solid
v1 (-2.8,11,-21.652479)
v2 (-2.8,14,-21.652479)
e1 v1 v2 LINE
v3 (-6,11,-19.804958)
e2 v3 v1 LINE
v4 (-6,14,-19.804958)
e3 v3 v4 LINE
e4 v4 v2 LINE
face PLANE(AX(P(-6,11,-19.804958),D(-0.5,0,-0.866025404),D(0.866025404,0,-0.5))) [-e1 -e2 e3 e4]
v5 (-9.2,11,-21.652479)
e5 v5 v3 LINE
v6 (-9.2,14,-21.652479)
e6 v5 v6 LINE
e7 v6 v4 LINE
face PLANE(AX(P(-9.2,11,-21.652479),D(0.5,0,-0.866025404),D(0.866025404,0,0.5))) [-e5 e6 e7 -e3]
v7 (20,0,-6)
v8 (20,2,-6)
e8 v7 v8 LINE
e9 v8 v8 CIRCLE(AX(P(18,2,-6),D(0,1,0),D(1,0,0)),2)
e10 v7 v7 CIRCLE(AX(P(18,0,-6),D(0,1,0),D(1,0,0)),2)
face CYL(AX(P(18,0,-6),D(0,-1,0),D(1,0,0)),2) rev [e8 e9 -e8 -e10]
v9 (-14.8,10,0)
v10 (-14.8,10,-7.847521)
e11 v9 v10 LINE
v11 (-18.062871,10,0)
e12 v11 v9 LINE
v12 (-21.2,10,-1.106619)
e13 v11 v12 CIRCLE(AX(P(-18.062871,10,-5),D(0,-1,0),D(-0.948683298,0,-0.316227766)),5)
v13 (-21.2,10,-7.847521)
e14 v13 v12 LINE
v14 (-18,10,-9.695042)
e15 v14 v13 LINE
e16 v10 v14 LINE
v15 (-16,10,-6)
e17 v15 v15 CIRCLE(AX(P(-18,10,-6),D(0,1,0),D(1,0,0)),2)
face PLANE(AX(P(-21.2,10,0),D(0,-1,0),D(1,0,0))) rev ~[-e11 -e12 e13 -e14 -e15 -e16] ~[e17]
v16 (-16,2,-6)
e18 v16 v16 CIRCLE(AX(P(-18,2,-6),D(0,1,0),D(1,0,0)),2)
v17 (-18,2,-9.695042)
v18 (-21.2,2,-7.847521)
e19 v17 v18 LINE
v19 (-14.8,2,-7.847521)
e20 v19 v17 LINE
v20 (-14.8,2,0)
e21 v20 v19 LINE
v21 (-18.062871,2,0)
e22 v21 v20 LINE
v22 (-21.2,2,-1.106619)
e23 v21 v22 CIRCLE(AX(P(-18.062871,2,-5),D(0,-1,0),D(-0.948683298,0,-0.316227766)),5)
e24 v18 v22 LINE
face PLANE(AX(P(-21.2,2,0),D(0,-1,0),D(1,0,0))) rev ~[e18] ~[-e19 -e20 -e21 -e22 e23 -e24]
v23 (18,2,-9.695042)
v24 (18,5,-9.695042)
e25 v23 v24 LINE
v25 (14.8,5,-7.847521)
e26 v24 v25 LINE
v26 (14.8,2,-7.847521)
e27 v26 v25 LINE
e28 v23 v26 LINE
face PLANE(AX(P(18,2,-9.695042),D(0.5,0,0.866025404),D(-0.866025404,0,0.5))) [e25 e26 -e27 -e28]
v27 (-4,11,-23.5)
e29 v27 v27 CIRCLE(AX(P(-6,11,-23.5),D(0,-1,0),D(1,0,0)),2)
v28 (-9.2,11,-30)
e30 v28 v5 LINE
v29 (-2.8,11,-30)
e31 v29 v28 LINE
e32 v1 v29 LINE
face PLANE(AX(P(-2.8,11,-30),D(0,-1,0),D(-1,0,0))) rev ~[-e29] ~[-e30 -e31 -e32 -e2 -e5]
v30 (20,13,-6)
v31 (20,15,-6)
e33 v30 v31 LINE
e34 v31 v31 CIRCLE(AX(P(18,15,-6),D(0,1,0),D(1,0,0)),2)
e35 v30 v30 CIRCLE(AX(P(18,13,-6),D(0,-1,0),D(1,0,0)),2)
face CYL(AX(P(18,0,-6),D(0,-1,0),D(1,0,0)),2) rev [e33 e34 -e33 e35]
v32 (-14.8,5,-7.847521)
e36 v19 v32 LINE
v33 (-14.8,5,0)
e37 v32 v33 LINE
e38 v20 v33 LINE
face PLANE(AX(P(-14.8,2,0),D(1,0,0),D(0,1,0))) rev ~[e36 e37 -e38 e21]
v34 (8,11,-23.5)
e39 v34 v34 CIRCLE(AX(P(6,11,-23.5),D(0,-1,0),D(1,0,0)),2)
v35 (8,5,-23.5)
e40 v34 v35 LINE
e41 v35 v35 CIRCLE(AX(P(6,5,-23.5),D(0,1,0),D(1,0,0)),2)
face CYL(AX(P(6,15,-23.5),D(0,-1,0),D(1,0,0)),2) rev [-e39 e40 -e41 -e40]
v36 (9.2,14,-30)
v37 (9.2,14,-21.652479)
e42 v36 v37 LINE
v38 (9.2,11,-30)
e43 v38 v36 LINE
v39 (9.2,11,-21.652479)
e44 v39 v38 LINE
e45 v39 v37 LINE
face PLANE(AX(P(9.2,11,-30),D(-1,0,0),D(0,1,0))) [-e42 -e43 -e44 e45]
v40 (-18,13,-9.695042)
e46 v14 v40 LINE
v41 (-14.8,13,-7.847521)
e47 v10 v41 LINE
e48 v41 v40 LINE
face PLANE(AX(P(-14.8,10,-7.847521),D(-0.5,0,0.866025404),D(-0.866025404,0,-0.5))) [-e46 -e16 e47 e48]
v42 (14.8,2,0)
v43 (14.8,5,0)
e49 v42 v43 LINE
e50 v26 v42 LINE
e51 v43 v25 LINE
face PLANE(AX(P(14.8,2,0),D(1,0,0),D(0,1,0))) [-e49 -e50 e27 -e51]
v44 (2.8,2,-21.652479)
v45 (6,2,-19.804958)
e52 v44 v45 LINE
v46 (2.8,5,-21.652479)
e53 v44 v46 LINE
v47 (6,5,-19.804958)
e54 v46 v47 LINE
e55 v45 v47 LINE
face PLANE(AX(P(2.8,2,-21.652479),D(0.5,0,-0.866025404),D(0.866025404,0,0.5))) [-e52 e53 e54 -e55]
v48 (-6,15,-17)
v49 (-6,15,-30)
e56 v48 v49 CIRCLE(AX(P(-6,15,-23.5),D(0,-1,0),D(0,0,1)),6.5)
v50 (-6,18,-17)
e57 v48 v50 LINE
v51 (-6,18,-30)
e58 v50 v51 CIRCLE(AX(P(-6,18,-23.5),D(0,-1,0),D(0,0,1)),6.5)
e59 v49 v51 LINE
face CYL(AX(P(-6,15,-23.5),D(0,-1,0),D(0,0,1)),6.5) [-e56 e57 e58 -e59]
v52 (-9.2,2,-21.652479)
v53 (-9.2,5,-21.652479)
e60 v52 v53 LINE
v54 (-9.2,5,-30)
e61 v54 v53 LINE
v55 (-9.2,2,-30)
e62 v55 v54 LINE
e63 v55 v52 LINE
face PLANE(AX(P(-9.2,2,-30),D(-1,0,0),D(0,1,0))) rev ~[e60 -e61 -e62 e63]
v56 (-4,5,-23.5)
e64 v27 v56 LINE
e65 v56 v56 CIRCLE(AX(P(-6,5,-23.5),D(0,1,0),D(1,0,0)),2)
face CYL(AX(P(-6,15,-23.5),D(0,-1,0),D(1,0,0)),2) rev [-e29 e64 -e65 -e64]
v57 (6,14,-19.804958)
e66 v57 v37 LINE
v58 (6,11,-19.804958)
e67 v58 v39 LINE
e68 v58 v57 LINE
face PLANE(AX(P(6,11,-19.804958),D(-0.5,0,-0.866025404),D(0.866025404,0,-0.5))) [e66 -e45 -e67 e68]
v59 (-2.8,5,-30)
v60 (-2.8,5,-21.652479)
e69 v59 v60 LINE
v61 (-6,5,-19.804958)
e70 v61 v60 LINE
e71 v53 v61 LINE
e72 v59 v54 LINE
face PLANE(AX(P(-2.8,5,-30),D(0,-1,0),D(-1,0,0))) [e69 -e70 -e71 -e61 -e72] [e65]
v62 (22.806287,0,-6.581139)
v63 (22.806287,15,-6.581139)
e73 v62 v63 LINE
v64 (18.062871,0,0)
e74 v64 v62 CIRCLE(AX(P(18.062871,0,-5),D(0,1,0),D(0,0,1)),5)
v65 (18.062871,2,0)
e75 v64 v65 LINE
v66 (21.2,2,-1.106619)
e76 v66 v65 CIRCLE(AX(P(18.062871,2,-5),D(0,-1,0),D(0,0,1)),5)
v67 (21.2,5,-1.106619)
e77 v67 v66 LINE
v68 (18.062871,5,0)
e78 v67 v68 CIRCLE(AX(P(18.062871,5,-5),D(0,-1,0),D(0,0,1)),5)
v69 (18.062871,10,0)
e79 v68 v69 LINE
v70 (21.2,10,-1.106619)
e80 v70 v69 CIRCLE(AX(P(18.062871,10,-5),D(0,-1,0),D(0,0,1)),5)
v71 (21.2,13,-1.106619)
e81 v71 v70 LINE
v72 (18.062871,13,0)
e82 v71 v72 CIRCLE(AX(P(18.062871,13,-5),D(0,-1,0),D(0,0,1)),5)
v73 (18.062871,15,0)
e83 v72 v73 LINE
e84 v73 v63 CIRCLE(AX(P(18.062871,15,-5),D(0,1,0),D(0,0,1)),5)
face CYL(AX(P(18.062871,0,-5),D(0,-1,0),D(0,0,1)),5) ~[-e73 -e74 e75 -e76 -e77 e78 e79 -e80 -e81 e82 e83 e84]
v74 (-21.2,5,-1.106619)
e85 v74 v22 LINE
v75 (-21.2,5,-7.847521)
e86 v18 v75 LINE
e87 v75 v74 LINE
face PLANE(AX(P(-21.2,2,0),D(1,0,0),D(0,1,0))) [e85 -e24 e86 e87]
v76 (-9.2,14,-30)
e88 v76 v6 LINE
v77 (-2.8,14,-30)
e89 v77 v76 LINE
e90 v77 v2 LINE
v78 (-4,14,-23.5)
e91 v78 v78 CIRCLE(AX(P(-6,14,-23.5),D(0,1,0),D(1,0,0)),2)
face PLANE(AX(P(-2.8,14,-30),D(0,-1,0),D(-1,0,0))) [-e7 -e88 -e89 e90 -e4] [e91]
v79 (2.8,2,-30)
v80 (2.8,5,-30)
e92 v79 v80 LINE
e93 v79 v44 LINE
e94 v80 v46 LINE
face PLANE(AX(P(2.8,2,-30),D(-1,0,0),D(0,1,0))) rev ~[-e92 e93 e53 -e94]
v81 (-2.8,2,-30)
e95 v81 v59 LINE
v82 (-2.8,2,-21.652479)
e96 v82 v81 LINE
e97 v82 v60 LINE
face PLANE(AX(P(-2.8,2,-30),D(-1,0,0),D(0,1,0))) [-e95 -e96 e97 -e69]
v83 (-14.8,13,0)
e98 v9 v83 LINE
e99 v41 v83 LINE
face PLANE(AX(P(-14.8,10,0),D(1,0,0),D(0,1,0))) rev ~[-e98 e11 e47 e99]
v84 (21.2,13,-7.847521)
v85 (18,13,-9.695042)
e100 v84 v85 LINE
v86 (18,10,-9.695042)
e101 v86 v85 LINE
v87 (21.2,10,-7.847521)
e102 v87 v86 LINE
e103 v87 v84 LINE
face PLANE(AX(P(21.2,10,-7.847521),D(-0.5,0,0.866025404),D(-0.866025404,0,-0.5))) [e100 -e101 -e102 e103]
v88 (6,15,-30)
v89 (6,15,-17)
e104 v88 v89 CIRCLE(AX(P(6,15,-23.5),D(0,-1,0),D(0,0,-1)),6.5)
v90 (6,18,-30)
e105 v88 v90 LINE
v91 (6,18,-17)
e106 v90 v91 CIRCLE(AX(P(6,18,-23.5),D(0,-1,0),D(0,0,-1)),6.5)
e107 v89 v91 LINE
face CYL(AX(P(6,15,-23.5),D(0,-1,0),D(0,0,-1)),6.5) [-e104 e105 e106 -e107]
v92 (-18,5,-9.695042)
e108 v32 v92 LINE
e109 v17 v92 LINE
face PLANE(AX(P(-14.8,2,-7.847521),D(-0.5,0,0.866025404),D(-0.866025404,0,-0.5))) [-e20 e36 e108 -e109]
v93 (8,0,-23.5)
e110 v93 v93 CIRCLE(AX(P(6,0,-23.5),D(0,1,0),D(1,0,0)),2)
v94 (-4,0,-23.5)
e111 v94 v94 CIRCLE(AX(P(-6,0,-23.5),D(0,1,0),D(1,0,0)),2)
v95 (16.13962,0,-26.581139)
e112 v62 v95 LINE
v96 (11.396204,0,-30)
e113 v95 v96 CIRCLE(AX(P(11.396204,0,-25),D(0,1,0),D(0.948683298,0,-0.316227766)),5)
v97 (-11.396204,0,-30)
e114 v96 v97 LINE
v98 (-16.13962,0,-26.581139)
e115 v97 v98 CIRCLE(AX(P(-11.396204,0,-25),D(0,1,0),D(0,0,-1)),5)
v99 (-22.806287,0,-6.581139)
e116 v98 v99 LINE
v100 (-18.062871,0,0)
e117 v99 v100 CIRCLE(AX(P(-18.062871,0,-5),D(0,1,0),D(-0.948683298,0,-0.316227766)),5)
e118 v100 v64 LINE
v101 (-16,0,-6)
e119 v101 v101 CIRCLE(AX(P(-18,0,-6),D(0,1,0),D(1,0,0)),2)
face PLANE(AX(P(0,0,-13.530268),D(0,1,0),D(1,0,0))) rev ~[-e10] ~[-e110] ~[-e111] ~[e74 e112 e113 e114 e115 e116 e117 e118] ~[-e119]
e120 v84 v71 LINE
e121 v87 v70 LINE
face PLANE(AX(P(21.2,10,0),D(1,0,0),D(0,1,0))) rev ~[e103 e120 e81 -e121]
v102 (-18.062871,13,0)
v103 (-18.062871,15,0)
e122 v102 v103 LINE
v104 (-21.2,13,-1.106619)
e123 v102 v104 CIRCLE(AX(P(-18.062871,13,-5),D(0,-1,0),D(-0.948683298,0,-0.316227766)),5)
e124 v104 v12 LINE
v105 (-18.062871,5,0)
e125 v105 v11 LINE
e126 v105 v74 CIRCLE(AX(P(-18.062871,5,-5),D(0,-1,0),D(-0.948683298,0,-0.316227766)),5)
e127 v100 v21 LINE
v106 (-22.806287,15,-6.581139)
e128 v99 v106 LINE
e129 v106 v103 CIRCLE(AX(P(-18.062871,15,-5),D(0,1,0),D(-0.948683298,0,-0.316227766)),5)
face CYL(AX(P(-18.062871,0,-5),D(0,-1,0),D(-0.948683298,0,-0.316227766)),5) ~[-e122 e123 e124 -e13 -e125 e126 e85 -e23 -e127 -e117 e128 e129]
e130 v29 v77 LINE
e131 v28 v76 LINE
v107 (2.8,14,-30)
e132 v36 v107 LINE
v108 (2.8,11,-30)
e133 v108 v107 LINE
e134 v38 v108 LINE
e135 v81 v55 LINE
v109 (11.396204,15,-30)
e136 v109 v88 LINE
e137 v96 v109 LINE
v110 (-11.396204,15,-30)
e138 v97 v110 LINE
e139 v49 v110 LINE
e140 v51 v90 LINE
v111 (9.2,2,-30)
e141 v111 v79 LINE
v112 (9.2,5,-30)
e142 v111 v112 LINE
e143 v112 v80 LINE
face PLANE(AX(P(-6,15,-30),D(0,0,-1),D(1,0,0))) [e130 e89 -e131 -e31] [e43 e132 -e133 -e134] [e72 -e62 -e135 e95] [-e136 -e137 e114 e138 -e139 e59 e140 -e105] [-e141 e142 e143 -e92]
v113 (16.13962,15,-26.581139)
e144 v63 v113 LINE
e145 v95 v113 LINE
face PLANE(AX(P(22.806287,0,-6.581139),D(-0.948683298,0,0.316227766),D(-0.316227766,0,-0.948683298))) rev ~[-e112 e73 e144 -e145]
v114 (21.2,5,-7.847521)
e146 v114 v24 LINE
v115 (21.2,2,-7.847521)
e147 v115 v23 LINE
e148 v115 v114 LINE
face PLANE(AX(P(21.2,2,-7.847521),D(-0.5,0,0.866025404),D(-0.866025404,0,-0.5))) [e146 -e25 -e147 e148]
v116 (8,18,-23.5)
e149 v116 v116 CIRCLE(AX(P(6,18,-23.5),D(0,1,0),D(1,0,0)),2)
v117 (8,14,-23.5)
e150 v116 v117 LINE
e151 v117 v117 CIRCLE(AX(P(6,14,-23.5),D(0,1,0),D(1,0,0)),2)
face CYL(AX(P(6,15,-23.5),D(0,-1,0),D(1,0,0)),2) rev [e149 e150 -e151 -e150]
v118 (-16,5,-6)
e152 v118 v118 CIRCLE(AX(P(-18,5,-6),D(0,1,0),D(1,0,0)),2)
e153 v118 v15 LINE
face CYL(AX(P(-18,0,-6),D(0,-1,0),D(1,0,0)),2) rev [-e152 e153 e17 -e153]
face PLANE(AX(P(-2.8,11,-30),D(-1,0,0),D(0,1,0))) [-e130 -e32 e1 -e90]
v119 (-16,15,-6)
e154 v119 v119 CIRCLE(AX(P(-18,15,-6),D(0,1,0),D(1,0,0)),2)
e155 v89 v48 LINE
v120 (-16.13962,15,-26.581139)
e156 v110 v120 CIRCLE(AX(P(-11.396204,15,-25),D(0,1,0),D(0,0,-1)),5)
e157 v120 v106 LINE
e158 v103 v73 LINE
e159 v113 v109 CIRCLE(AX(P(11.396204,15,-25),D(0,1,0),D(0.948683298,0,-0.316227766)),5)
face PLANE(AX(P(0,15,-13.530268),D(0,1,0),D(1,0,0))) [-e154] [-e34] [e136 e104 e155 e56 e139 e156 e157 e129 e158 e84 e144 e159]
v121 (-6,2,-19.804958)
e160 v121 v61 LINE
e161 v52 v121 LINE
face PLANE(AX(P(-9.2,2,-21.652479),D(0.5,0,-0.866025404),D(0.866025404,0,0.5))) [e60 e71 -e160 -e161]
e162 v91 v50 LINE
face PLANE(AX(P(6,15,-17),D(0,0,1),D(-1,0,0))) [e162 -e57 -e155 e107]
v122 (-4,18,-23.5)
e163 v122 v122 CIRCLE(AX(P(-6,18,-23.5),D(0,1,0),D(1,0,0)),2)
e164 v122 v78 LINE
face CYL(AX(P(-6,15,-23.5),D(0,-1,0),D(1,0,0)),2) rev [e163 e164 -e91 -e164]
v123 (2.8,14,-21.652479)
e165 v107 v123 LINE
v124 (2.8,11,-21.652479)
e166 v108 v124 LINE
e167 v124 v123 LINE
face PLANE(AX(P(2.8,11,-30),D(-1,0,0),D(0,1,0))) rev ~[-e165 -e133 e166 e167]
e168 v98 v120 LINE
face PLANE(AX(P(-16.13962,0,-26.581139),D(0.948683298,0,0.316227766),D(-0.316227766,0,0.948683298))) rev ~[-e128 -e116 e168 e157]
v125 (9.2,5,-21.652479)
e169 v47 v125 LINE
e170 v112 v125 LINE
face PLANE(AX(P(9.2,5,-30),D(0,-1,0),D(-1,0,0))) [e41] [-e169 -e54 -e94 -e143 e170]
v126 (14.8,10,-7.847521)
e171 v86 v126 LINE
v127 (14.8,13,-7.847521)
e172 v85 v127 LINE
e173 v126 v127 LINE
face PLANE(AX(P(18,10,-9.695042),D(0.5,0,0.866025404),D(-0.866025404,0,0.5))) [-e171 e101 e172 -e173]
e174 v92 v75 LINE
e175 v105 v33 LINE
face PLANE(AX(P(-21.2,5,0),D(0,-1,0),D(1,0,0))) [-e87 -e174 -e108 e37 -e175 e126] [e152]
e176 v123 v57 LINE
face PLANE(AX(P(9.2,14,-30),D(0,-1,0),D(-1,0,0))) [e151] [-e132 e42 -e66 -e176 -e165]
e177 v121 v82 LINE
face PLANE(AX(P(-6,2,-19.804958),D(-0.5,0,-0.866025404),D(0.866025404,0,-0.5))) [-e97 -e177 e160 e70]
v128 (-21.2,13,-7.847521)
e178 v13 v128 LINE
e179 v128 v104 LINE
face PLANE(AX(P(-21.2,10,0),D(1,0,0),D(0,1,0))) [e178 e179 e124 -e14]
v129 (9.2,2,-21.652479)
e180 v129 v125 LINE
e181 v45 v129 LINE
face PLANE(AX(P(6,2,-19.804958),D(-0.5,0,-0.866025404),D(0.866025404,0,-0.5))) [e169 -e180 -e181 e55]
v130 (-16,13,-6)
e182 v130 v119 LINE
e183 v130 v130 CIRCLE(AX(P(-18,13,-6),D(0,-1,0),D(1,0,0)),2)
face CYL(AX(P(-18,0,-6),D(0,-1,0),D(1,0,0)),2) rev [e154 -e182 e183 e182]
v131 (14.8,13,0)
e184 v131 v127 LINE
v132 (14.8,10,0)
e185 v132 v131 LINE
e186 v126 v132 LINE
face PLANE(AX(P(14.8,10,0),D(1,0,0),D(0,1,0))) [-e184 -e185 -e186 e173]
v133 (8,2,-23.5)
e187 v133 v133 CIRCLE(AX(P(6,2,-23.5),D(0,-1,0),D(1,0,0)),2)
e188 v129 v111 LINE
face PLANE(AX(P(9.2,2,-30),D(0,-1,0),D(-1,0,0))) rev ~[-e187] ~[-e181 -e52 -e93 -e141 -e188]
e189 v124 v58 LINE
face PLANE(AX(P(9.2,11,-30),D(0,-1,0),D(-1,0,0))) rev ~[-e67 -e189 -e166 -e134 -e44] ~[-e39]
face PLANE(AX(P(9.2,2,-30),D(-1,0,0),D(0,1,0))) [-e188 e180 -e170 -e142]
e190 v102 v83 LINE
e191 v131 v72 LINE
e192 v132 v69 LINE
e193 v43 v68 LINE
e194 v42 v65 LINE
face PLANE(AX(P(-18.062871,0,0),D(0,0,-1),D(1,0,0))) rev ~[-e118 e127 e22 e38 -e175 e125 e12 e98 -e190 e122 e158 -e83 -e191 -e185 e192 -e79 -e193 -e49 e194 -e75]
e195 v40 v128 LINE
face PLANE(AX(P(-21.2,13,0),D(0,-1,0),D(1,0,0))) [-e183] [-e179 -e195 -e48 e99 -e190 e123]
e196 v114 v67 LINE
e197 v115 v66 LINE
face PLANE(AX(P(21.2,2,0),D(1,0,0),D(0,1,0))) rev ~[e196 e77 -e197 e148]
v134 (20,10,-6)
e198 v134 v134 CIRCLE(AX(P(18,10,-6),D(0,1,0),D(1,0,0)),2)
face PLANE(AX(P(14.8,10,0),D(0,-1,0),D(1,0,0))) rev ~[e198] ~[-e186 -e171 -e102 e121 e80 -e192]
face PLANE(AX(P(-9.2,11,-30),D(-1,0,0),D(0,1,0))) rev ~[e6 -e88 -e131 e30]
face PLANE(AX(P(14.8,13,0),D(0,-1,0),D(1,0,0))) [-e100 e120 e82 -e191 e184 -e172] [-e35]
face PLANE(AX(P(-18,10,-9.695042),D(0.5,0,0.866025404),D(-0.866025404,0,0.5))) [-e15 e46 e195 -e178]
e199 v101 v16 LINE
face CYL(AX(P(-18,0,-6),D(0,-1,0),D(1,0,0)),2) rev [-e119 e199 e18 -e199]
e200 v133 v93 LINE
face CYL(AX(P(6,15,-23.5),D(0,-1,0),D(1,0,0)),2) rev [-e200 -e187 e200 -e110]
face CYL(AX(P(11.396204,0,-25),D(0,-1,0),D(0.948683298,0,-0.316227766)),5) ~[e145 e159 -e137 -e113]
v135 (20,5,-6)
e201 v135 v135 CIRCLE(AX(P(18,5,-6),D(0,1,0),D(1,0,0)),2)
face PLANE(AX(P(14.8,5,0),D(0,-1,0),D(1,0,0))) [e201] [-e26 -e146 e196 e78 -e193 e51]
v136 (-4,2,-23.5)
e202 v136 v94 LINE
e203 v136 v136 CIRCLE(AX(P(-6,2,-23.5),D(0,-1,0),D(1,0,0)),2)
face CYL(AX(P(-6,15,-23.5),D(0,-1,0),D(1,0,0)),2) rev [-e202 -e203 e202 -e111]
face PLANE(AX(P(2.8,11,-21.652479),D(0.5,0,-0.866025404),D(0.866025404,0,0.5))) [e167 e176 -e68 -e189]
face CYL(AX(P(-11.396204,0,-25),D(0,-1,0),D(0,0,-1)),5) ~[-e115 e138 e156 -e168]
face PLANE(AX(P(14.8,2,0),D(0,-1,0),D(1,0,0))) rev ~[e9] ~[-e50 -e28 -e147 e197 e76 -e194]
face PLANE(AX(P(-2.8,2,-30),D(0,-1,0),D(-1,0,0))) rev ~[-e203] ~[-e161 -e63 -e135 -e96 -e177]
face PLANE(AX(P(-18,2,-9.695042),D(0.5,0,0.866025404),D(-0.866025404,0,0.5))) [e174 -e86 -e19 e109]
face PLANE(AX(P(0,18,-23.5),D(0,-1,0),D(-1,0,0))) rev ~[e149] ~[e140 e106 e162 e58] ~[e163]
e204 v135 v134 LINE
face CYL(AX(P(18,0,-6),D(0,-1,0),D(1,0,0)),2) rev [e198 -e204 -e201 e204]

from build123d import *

# Parameters (mm, degrees)
SKETCH1_R           = 2
BOSS_EXTRUDE1_DEPTH = 15
SKETCH2_R           = 2
BOSS_EXTRUDE2_DEPTH = 3
SKETCH5_W           = 6.4
SKETCH5_H           = 3
CUT_EXTRUDE1_DEPTH  = 6.4
CUT_EXTRUDE2_DEPTH  = 3
CUT_EXTRUDE3_DEPTH  = 3
SKETCH8_W           = 6.4
SKETCH8_H           = 3
CUT_EXTRUDE4_DEPTH  = 6
CUT_EXTRUDE5_DEPTH  = 3
CUT_EXTRUDE6_DEPTH  = 3


with BuildPart() as part:
    # Sketch1 → Boss-Extrude1 (new body)
    with BuildSketch(Plane(origin=(0, 0, 0), x_dir=(1, 0, 0), z_dir=(0, 1, 0))):
        with BuildLine():
            Line((-18.062870566, 0), (18.062870566, 0))
            ThreePointArc((18.062870566, 0), (22.119081492, 2.076448577), (22.806287057, 6.58113883))
            Line((22.806287057, 6.58113883), (16.13962039, 26.58113883))
            ThreePointArc((16.13962039, 26.58113883), (14.319755323, 29.056210926), (11.3962039, 30))
            Line((11.3962039, 30), (-11.3962039, 30))
            ThreePointArc((-11.3962039, 30), (-14.319755323, 29.056210926), (-16.13962039, 26.58113883))
            Line((-16.13962039, 26.58113883), (-22.806287057, 6.58113883))
            ThreePointArc((-22.806287057, 6.58113883), (-22.119081492, 2.076448577), (-18.062870566, 0))
        make_face()
        with Locations((-18, 6)):
            Circle(SKETCH1_R, mode=Mode.SUBTRACT)
        with Locations((18, 6)):
            Circle(SKETCH1_R, mode=Mode.SUBTRACT)
        with Locations((6, 23.5)):
            Circle(SKETCH1_R, mode=Mode.SUBTRACT)
        with Locations((-6, 23.5)):
            Circle(SKETCH1_R, mode=Mode.SUBTRACT)
    extrude(amount=BOSS_EXTRUDE1_DEPTH)

    # Sketch2 → Boss-Extrude2 (add)
    with BuildSketch(Plane(origin=(0, 15, 0), x_dir=(1, 0, 0), z_dir=(0, 1, 0))):
        with BuildLine():
            Line((-6, 30), (6, 30))
            ThreePointArc((6, 30), (12.5, 23.5), (6, 17))
            Line((6, 17), (-6, 17))
            ThreePointArc((-6, 17), (-12.5, 23.5), (-6, 30))
        make_face()
        with Locations((-6, 23.5)):
            Circle(SKETCH2_R, mode=Mode.SUBTRACT)
        with Locations((6, 23.5)):
            Circle(SKETCH2_R, mode=Mode.SUBTRACT)
    extrude(amount=BOSS_EXTRUDE2_DEPTH)

    # Sketch5 → Cut-Extrude1 (cut)
    with BuildSketch(Plane(origin=(0, 0, -30), x_dir=(-1, 0, 0), z_dir=(0, 0, -1))):
        with Locations((6, 12.5)):
            Rectangle(SKETCH5_W, SKETCH5_H)
        with Locations((-6, 12.5)):
            Rectangle(SKETCH5_W, SKETCH5_H)
        with Locations((-6, 3.5)):
            Rectangle(SKETCH5_W, SKETCH5_H)
        with Locations((6, 3.5)):
            Rectangle(SKETCH5_W, SKETCH5_H)
    extrude(amount=-CUT_EXTRUDE1_DEPTH, mode=Mode.SUBTRACT)

    # Sketch6 → Cut-Extrude2 (cut)
    with BuildSketch(Plane(origin=(0, 11, 0), x_dir=(1, 0, 0), z_dir=(0, 1, 0))):
        Polygon((9.2, 25.347520861), (6, 27.195041723), (2.8, 25.347520861), (2.8, 21.652479139), (6, 19.804958277), (9.2, 21.652479139), align=None)
        Polygon((-2.8, 25.347520861), (-6, 27.195041723), (-9.2, 25.347520861), (-9.2, 21.652479139), (-6, 19.804958277), (-2.8, 21.652479139), align=None)
    extrude(amount=CUT_EXTRUDE2_DEPTH, mode=Mode.SUBTRACT)

    # Sketch7 → Cut-Extrude3 (cut)
    with BuildSketch(Plane(origin=(0, 2, 0), x_dir=(1, 0, 0), z_dir=(0, 1, 0))):
        Polygon((9.2, 25.347520861), (6, 27.195041723), (2.8, 25.347520861), (2.8, 21.652479139), (6, 19.804958277), (9.2, 21.652479139), align=None)
        Polygon((-6, 19.804958277), (-2.8, 21.652479139), (-2.8, 25.347520861), (-6, 27.195041723), (-9.2, 25.347520861), (-9.2, 21.652479139), align=None)
    extrude(amount=CUT_EXTRUDE3_DEPTH, mode=Mode.SUBTRACT)

    # Sketch8 → Cut-Extrude4 (cut)
    with BuildSketch(Plane.XY):
        with Locations((18, 11.5)):
            Rectangle(SKETCH8_W, SKETCH8_H)
        with Locations((-18, 11.5)):
            Rectangle(SKETCH8_W, SKETCH8_H)
        with Locations((-18, 3.5)):
            Rectangle(SKETCH8_W, SKETCH8_H)
        with Locations((18, 3.5)):
            Rectangle(SKETCH8_W, SKETCH8_H)
    extrude(amount=-CUT_EXTRUDE4_DEPTH, mode=Mode.SUBTRACT)

    # Sketch9 → Cut-Extrude5 (cut)
    with BuildSketch(Plane(origin=(0, 10, 0), x_dir=(1, 0, 0), z_dir=(0, 1, 0))):
        Polygon((21.2, 4.152479139), (21.2, 7.847520861), (18, 9.695041723), (14.8, 7.847520861), (14.8, 4.152479139), (18, 2.304958277), align=None)
        Polygon((-14.8, 4.152479139), (-14.8, 7.847520861), (-18, 9.695041723), (-21.2, 7.847520861), (-21.2, 4.152479139), (-18, 2.304958277), align=None)
    extrude(amount=CUT_EXTRUDE5_DEPTH, mode=Mode.SUBTRACT)

    # Sketch10 → Cut-Extrude6 (cut)
    with BuildSketch(Plane(origin=(0, 2, 0), x_dir=(1, 0, 0), z_dir=(0, 1, 0))):
        Polygon((21.2, 4.152479139), (21.2, 7.847520861), (18, 9.695041723), (14.8, 7.847520861), (14.8, 4.152479139), (18, 2.304958277), align=None)
        Polygon((-21.2, 4.152479139), (-18, 2.304958277), (-14.8, 4.152479139), (-14.8, 7.847520861), (-18, 9.695041723), (-21.2, 7.847520861), align=None)
    extrude(amount=CUT_EXTRUDE6_DEPTH, mode=Mode.SUBTRACT)


solid = part.part
